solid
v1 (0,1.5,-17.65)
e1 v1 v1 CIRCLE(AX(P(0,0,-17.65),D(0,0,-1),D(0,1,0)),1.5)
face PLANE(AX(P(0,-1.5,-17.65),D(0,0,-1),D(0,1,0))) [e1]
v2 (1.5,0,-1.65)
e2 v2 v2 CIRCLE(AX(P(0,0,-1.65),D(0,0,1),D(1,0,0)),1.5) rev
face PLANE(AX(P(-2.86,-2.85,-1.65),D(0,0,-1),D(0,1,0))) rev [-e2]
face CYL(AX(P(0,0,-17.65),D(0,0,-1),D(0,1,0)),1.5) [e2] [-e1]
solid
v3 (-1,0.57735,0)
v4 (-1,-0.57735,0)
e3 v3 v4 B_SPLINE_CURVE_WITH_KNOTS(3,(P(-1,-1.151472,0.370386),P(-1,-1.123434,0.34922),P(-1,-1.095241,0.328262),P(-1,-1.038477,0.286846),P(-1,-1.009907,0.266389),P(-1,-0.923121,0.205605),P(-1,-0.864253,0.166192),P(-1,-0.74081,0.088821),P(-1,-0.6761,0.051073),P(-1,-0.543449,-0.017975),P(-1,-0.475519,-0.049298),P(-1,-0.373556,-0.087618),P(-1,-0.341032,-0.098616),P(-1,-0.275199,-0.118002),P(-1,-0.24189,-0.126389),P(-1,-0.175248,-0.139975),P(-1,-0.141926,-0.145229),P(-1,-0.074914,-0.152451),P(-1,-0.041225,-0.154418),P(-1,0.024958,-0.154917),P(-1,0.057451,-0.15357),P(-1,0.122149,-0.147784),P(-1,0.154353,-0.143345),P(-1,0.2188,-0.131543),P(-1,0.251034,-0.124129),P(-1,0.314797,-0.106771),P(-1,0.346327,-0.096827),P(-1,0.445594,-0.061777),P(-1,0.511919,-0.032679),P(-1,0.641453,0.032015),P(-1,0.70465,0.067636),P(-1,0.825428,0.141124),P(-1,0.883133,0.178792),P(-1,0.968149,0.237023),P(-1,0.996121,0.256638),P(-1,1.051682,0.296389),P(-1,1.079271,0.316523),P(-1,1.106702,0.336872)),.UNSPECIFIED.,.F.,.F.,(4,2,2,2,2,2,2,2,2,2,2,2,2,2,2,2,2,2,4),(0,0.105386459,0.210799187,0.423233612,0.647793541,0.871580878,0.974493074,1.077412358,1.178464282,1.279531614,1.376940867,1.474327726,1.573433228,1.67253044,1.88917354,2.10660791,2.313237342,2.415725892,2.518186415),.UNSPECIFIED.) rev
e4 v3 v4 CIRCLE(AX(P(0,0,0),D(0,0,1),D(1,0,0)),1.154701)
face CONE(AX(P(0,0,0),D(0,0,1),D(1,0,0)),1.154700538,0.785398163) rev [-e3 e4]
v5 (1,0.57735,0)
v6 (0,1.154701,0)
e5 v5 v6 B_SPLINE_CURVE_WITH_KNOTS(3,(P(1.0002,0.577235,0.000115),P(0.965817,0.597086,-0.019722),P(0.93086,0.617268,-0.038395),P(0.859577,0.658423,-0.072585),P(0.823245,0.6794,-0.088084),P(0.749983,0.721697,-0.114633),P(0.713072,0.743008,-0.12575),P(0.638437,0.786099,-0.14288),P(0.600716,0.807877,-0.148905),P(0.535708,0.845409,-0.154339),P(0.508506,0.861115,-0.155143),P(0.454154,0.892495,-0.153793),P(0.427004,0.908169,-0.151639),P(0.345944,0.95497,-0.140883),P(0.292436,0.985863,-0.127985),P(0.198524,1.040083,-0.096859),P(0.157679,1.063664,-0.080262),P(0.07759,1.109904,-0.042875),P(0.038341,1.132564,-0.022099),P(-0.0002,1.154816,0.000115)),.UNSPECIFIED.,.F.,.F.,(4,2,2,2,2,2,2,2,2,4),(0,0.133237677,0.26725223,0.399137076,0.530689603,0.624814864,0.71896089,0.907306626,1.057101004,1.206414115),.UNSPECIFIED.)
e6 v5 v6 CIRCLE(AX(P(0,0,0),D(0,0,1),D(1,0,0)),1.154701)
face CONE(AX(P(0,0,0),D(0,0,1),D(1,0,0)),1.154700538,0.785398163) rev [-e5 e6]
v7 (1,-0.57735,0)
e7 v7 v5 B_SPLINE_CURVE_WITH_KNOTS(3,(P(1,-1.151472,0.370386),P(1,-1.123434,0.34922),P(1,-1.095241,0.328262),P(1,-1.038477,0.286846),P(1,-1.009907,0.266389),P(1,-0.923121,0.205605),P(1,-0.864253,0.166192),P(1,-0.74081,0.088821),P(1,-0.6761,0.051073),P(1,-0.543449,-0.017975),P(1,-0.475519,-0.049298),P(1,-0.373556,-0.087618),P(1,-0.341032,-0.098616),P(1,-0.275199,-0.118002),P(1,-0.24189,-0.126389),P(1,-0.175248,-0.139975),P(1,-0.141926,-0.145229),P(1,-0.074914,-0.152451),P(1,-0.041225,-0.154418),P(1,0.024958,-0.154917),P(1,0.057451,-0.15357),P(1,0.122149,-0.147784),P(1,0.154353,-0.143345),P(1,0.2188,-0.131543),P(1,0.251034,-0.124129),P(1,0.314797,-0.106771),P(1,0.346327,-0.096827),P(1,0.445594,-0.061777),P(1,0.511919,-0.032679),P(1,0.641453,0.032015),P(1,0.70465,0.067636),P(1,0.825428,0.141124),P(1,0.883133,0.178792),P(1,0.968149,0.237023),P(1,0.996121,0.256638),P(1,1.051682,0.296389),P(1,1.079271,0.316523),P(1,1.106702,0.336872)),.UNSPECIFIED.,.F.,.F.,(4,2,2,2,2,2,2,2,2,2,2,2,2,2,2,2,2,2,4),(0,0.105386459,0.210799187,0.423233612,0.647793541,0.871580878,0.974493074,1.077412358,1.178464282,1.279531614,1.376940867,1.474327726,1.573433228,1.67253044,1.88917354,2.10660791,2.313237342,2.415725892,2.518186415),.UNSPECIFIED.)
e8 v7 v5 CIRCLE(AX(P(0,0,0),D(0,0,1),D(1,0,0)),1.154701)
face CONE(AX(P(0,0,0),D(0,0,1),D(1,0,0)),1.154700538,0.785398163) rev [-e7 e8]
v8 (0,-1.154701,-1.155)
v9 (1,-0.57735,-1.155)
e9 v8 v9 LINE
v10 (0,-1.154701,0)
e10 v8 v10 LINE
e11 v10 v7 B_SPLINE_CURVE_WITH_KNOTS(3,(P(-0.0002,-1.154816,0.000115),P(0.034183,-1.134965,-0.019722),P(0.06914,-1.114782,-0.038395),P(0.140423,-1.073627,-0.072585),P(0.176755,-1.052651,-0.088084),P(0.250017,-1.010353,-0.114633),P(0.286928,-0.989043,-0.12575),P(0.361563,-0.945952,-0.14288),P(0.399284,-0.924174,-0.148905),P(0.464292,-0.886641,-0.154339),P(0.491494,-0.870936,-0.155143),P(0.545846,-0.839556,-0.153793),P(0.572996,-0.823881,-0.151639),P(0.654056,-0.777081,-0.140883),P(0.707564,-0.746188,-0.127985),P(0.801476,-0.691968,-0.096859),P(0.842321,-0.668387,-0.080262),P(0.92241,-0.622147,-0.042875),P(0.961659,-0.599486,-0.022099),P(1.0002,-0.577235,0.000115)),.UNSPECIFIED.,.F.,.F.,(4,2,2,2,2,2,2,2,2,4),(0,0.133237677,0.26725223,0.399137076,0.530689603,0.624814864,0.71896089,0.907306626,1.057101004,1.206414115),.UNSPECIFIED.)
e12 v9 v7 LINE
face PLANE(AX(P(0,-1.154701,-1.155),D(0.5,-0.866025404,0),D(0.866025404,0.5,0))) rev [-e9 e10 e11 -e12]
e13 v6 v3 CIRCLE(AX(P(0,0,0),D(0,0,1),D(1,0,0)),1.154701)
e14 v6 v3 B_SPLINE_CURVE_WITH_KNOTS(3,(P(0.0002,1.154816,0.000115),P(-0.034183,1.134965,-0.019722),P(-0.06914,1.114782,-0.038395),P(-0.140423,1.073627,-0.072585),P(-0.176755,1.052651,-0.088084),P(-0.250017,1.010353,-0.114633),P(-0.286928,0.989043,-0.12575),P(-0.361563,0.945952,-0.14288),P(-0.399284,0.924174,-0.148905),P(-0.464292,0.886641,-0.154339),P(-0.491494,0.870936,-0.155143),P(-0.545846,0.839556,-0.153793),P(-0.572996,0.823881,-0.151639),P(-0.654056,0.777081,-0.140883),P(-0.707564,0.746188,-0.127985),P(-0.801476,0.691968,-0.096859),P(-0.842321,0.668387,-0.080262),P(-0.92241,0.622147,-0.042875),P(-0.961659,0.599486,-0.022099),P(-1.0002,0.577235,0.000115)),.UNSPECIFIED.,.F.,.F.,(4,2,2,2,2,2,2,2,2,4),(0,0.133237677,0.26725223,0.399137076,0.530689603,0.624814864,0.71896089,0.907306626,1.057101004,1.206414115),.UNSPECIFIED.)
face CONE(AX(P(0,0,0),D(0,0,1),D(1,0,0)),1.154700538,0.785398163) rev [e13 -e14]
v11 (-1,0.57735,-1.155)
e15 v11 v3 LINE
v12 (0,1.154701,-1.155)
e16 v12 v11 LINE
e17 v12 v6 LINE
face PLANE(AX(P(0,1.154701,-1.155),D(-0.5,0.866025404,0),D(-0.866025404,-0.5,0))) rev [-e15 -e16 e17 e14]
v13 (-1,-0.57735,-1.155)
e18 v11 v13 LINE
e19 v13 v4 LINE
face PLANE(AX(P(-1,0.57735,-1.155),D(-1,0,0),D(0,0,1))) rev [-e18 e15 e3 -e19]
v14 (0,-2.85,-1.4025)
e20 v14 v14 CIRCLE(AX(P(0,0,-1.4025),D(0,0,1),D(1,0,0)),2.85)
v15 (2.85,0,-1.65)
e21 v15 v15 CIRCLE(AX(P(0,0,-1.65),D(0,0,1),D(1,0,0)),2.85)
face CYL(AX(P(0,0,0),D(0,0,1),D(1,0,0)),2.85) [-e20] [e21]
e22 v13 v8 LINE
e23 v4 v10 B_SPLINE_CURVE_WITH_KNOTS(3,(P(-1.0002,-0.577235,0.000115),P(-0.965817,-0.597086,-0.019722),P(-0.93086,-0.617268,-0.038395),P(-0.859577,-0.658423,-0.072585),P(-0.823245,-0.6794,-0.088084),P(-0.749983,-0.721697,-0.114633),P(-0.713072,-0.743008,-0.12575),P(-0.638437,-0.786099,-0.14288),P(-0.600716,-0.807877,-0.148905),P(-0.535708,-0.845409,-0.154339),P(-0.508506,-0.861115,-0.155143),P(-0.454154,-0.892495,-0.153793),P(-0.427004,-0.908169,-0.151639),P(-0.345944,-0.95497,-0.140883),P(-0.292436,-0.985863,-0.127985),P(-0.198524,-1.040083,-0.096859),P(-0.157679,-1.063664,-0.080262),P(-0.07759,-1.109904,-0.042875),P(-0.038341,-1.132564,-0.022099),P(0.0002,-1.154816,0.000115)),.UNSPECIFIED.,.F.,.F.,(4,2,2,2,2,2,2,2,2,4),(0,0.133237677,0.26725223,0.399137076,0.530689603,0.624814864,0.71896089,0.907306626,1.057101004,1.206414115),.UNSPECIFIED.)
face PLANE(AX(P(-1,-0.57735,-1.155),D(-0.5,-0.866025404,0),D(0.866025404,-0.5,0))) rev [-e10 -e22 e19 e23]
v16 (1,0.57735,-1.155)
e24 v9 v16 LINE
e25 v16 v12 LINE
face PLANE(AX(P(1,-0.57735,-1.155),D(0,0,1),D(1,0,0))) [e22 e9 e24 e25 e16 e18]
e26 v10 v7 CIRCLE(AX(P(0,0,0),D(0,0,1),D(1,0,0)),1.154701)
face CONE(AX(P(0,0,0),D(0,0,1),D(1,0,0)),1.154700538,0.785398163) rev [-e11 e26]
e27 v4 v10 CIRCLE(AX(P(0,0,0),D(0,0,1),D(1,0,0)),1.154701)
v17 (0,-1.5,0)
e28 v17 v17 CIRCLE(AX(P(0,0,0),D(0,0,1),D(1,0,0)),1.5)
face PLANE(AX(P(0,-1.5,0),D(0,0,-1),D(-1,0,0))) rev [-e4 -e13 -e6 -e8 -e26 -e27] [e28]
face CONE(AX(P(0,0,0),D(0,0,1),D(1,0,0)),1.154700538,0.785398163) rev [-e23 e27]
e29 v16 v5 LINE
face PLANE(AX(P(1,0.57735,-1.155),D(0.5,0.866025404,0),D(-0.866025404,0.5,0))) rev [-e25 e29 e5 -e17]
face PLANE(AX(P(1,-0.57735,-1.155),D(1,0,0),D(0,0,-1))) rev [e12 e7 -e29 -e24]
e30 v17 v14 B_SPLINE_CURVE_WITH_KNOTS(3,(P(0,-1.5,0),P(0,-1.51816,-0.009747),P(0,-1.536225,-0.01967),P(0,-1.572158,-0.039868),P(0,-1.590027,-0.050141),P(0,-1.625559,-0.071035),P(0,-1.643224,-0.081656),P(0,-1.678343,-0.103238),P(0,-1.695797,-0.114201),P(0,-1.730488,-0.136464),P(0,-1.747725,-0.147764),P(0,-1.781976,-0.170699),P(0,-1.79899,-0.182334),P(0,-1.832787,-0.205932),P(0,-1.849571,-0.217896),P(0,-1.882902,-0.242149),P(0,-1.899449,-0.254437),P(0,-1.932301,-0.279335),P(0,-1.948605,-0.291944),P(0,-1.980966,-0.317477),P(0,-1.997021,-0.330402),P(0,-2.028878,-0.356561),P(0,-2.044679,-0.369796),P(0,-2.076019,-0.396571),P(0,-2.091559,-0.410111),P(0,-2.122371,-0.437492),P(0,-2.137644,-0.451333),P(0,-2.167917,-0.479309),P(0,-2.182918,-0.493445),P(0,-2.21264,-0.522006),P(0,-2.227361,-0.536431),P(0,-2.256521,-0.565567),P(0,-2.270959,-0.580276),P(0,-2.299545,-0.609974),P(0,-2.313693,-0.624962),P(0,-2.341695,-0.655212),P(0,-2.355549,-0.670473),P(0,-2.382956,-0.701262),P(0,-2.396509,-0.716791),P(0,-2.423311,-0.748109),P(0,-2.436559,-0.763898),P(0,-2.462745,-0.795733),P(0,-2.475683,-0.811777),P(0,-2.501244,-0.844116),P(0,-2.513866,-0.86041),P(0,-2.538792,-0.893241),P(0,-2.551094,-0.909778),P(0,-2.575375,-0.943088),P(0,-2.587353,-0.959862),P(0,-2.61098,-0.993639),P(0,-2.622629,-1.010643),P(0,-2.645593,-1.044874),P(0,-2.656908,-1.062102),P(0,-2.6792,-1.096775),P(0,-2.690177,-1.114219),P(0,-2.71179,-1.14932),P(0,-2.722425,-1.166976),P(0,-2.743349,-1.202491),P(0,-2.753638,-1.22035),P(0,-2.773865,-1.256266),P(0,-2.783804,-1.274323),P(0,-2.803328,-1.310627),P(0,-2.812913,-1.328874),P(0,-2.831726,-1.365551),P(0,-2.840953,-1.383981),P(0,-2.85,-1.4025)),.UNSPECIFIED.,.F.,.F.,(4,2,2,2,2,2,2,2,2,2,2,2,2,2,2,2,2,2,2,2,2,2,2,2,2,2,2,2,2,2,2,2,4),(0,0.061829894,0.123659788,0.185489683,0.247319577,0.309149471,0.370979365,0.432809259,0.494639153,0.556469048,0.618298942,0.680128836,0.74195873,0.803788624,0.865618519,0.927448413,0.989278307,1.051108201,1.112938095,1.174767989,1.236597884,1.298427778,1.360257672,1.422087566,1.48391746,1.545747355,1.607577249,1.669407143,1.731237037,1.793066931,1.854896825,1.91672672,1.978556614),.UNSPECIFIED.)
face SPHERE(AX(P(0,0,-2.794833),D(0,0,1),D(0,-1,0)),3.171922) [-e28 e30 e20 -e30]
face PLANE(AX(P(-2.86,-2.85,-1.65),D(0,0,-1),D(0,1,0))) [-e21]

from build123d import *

# Parameters (mm, degrees)
SKETCH1_W              = 16
SKETCH1_H              = 1.5
CUT_EXTRUDE2_DEPTH     = 1.155
SPLIT1_SURFACE_1_BACK  = 20.404
SPLIT1_SURFACE_1_DEPTH = 40.808
SPLIT1_SURFACE_2_BACK  = 20.404
SPLIT1_SURFACE_2_DEPTH = 40.808


with BuildPart() as part:
    # Sketch1 → Revolve1 (revolve)
    with BuildSketch(Plane(origin=(0, 0, 0), x_dir=(0, 0, -1), z_dir=(1, 0, 0))):
        with Locations((9.65, 0.75)):
            Rectangle(SKETCH1_W, SKETCH1_H)
    revolve(axis=Axis((0, 0, -17.65), (0, 0, 1)))

    # Sketch7 → Revolve2 (revolve)
    with BuildSketch(Plane(origin=(0, 0, 0), x_dir=(0, 0, -1), z_dir=(1, 0, 0))):
        with BuildLine():
            Line((1.4025, 2.85), (1.65, 2.85))
            Line((1.65, 2.85), (1.65, 0))
            Line((1.65, 0), (0, 0))
            Line((0, 0), (0, 1.5))
            ThreePointArc((0, 1.5), (0.59512511, 2.285251969), (1.4025, 2.85))
        make_face()
    revolve(axis=Axis((0, 0, 0), (0, 0, -1)))

    # Sketch5 → Cut-Extrude2 (cut)
    with BuildSketch(Plane.XY):
        Polygon((1, -0.577350269), (1, 0.577350269), (0, 1.154700538), (-1, 0.577350269), (-1, -0.577350269), (0, -1.154700538), align=None)
    extrude(amount=-CUT_EXTRUDE2_DEPTH, mode=Mode.SUBTRACT)

    # Cut-Extrude3 cone 1 section (through the dimple's axis) → Cut-Extrude3 (revolve, cut)
    with BuildSketch(Plane(origin=(0, 0, 0), x_dir=(0, -1, 0), z_dir=(1, 0, 0))):
        Polygon((0, 0), (1.154700538, 0), (0, 1.154700538), align=None)
    revolve(axis=Axis((0, 0, 0), (0, 0, -1)), mode=Mode.SUBTRACT)


with BuildPart() as body_2:
    # Split1: the piece behind the surface
    add(part.part)
    # Split1 surface: a surface, the sketch's curves swept straight by 40.808 mm
    with BuildLine(Plane(origin=(0, 0, 0), x_dir=(0, 0, -1), z_dir=(1, 0, 0)).offset(-SPLIT1_SURFACE_1_BACK), mode=Mode.PRIVATE) as split1_surface_1_path:
        Line((1.65, -2.85), (1.65, 2.85))
    split1_surface_1 = Shell.extrude(split1_surface_1_path.wire(), (1 * SPLIT1_SURFACE_1_DEPTH, 0 * SPLIT1_SURFACE_1_DEPTH, 0 * SPLIT1_SURFACE_1_DEPTH))
    split(bisect_by=split1_surface_1, keep=Keep.BOTTOM)


with BuildPart() as part_1:
    add(part.part)

    # Split1: split by a surface, the side it looks to stays
    # Split1 surface: a surface, the sketch's curves swept straight by 40.808 mm
    with BuildLine(Plane(origin=(0, 0, 0), x_dir=(0, 0, -1), z_dir=(1, 0, 0)).offset(-SPLIT1_SURFACE_2_BACK), mode=Mode.PRIVATE) as split1_surface_2_path:
        Line((1.65, -2.85), (1.65, 2.85))
    split1_surface_2 = Shell.extrude(split1_surface_2_path.wire(), (1 * SPLIT1_SURFACE_2_DEPTH, 0 * SPLIT1_SURFACE_2_DEPTH, 0 * SPLIT1_SURFACE_2_DEPTH))
    split(bisect_by=split1_surface_2, keep=Keep.TOP)


solid = Compound([body_2.part, part_1.part])
